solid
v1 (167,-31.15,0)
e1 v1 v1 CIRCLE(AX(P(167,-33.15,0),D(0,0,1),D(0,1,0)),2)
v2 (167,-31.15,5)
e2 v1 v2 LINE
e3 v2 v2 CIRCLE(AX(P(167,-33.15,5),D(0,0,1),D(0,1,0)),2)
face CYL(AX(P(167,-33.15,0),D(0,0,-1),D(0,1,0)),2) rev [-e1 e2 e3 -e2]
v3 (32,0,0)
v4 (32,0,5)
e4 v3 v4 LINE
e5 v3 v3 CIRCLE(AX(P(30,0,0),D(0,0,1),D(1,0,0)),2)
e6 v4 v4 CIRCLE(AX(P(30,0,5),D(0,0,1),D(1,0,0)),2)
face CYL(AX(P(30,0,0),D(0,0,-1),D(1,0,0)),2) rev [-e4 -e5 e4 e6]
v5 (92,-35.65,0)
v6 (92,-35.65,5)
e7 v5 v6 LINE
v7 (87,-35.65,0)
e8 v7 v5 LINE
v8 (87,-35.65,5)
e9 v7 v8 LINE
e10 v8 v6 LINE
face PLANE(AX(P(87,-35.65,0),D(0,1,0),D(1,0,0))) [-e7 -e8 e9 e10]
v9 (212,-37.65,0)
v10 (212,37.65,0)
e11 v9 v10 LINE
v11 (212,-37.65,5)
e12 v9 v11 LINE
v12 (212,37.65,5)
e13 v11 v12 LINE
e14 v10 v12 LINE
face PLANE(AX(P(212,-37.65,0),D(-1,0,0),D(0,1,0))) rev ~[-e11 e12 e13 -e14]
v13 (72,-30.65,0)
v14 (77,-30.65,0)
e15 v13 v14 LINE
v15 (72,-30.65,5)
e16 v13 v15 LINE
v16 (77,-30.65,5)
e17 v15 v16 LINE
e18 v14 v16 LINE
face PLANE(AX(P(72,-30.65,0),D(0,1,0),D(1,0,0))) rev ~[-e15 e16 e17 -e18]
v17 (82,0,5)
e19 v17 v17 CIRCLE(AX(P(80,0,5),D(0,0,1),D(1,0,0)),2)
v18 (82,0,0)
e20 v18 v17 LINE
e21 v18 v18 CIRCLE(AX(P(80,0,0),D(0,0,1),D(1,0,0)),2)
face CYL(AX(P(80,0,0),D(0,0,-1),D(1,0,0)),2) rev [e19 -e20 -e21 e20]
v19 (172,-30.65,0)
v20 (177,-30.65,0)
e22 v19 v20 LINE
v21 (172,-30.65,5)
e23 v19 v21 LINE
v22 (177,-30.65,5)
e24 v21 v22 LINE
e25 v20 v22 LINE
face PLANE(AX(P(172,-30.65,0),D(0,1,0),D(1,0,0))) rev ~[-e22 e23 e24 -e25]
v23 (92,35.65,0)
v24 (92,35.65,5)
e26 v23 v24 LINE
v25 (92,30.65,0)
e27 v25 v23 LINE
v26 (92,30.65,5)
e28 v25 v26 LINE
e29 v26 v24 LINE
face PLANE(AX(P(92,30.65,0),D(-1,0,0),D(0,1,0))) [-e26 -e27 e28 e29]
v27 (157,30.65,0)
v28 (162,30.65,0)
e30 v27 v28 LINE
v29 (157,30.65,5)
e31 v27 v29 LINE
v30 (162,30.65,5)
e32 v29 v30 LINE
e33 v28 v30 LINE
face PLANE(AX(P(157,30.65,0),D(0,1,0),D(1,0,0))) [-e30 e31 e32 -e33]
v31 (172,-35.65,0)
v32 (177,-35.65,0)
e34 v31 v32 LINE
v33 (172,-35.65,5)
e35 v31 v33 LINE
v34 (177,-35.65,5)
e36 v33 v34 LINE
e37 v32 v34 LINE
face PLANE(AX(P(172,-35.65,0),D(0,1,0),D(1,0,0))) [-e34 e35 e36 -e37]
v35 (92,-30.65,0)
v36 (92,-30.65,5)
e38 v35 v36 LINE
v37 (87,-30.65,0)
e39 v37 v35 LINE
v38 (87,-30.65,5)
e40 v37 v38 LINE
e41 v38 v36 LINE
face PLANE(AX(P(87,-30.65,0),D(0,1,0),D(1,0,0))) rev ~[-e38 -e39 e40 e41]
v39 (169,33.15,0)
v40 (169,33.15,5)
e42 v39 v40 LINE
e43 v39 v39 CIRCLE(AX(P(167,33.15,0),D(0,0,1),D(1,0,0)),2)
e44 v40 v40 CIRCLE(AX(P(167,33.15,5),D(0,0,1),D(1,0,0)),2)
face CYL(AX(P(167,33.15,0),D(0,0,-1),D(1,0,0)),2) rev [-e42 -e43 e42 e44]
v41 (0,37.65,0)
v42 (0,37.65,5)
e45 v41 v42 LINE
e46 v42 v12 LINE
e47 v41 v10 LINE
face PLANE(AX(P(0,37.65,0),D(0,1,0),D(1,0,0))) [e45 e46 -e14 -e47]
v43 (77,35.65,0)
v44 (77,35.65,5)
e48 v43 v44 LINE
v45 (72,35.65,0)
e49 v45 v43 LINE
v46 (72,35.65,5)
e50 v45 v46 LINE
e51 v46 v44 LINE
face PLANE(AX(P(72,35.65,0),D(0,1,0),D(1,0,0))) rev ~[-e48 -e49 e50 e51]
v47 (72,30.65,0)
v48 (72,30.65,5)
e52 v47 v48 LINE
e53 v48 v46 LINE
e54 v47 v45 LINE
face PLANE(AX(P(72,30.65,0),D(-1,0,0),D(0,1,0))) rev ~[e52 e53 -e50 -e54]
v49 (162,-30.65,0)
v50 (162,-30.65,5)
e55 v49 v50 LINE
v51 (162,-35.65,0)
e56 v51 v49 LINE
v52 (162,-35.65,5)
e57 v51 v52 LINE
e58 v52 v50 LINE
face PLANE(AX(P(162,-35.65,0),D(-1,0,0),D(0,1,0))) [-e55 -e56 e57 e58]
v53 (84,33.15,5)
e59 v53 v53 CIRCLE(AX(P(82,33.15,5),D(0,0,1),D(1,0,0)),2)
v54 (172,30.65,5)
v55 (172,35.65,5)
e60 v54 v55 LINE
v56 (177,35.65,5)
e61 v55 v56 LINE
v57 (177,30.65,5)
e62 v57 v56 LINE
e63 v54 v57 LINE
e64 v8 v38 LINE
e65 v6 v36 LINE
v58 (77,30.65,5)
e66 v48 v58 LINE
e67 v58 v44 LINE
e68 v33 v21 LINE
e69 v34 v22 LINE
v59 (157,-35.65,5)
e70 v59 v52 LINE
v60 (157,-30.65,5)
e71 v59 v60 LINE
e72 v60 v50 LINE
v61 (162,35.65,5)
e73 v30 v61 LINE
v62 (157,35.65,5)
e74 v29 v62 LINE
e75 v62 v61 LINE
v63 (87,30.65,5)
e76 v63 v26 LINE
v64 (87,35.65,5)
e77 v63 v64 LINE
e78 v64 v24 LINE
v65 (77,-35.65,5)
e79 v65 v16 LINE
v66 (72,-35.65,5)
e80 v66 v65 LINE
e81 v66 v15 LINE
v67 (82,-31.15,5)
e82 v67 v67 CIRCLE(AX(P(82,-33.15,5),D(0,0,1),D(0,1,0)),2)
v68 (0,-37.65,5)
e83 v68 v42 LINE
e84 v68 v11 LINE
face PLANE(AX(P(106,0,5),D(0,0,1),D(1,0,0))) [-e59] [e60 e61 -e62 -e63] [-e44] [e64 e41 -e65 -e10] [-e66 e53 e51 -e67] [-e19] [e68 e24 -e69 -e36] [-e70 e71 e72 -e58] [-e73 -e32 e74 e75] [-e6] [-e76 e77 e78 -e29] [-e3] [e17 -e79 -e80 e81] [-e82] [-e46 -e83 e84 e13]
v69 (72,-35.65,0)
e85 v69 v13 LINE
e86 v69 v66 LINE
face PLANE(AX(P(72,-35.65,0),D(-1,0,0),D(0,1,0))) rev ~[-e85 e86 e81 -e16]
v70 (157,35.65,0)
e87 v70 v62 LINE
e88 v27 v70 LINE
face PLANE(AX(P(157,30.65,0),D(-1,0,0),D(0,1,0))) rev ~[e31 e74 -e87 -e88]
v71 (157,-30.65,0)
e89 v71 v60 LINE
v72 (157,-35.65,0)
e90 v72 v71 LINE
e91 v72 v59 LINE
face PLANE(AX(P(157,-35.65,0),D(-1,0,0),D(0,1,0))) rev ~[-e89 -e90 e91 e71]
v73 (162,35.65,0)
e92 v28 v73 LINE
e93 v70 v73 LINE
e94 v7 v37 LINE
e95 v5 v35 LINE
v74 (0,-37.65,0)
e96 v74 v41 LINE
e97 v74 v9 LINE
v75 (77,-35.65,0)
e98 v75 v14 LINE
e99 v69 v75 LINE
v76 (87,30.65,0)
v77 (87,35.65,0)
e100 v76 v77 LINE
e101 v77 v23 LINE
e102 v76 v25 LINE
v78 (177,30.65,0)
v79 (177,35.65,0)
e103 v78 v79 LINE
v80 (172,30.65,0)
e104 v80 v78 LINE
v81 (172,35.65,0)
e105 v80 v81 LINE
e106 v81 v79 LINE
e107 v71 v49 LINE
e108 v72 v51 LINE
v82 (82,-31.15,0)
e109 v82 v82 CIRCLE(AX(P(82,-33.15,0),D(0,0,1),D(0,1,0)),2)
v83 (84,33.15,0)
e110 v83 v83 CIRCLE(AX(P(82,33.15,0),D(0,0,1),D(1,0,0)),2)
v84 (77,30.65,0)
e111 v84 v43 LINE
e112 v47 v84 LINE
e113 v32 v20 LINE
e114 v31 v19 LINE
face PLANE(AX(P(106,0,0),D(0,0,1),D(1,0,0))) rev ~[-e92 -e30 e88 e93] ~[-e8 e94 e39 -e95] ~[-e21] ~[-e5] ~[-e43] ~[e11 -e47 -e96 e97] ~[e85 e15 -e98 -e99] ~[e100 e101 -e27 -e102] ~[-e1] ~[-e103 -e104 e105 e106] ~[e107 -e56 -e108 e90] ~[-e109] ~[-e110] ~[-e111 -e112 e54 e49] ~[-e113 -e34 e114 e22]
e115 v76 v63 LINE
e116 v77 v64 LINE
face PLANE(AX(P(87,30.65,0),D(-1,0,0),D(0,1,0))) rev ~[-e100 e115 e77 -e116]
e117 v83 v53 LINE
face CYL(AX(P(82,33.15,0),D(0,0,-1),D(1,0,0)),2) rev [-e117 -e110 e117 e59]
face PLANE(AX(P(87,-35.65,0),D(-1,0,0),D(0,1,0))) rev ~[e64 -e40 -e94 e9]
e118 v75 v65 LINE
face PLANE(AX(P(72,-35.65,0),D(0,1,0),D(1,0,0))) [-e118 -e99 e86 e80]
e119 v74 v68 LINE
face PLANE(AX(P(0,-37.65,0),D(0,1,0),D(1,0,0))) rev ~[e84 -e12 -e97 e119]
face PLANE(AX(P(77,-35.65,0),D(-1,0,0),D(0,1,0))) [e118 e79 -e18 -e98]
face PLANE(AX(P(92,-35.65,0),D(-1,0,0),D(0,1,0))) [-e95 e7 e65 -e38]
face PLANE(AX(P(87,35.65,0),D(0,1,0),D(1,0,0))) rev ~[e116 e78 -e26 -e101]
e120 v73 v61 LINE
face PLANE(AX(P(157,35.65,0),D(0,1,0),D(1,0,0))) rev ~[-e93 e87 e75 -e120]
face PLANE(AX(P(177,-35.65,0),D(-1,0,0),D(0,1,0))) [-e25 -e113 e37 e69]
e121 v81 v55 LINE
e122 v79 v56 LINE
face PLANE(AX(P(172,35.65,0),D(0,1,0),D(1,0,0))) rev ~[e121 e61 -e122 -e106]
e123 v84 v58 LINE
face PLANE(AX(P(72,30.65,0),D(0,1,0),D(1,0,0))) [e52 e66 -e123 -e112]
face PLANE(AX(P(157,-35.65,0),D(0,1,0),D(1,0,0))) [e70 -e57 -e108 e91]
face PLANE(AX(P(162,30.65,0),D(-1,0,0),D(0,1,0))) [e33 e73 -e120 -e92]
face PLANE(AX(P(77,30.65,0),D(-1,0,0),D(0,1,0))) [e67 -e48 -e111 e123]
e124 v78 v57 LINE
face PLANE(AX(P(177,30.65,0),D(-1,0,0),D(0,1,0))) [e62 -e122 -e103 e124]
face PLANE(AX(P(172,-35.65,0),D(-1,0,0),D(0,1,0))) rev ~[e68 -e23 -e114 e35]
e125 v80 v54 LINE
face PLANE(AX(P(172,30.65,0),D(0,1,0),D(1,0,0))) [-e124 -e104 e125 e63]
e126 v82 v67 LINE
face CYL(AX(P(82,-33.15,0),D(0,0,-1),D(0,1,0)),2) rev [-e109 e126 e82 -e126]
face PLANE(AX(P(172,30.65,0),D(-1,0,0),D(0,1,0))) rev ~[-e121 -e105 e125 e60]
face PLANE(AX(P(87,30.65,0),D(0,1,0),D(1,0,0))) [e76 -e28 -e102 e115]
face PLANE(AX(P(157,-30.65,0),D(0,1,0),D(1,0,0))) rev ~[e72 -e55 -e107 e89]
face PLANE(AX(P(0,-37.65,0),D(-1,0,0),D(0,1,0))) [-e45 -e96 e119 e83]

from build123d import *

# Parameters (mm, degrees)
ESQUISSE1_W        = 212
ESQUISSE1_H        = 75.3
ESQUISSE1_R        = 2
ESQUISSE1_W_2      = 5
ESQUISSE1_H_2      = 5
BOSS_EXTRU_1_DEPTH = 5


with BuildPart() as part:
    # Esquisse1 → Boss.-Extru.1 (new body)
    with BuildSketch(Plane.XY):
        with Locations((106, 0)):
            Rectangle(ESQUISSE1_W, ESQUISSE1_H)
        with Locations((30, 0)):
            Circle(ESQUISSE1_R, mode=Mode.SUBTRACT)
        with Locations((80, 0)):
            Circle(ESQUISSE1_R, mode=Mode.SUBTRACT)
        with Locations((82, 33.15)):
            Circle(ESQUISSE1_R, mode=Mode.SUBTRACT)
        with Locations((167, 33.15)):
            Circle(ESQUISSE1_R, mode=Mode.SUBTRACT)
        with Locations(Location((167, -33.15, 0), (0, 0, 90))):
            Circle(ESQUISSE1_R, mode=Mode.SUBTRACT)
        with Locations(Location((82, -33.15, 0), (0, 0, 90))):
            Circle(ESQUISSE1_R, mode=Mode.SUBTRACT)
        with Locations((74.5, 33.15)):
            Rectangle(ESQUISSE1_W_2, ESQUISSE1_H_2, mode=Mode.SUBTRACT)
        with Locations((89.5, 33.15)):
            Rectangle(ESQUISSE1_W_2, ESQUISSE1_H_2, mode=Mode.SUBTRACT)
        with Locations((159.5, 33.15)):
            Rectangle(ESQUISSE1_W_2, ESQUISSE1_H_2, mode=Mode.SUBTRACT)
        with Locations((174.5, 33.15)):
            Rectangle(ESQUISSE1_W_2, ESQUISSE1_H_2, mode=Mode.SUBTRACT)
        with Locations((159.5, -33.15)):
            Rectangle(ESQUISSE1_W_2, ESQUISSE1_H_2, mode=Mode.SUBTRACT)
        with Locations((174.5, -33.15)):
            Rectangle(ESQUISSE1_W_2, ESQUISSE1_H_2, mode=Mode.SUBTRACT)
        with Locations((74.5, -33.15)):
            Rectangle(ESQUISSE1_W_2, ESQUISSE1_H_2, mode=Mode.SUBTRACT)
        with Locations((89.5, -33.15)):
            Rectangle(ESQUISSE1_W_2, ESQUISSE1_H_2, mode=Mode.SUBTRACT)
    extrude(amount=BOSS_EXTRU_1_DEPTH)


solid = part.part
